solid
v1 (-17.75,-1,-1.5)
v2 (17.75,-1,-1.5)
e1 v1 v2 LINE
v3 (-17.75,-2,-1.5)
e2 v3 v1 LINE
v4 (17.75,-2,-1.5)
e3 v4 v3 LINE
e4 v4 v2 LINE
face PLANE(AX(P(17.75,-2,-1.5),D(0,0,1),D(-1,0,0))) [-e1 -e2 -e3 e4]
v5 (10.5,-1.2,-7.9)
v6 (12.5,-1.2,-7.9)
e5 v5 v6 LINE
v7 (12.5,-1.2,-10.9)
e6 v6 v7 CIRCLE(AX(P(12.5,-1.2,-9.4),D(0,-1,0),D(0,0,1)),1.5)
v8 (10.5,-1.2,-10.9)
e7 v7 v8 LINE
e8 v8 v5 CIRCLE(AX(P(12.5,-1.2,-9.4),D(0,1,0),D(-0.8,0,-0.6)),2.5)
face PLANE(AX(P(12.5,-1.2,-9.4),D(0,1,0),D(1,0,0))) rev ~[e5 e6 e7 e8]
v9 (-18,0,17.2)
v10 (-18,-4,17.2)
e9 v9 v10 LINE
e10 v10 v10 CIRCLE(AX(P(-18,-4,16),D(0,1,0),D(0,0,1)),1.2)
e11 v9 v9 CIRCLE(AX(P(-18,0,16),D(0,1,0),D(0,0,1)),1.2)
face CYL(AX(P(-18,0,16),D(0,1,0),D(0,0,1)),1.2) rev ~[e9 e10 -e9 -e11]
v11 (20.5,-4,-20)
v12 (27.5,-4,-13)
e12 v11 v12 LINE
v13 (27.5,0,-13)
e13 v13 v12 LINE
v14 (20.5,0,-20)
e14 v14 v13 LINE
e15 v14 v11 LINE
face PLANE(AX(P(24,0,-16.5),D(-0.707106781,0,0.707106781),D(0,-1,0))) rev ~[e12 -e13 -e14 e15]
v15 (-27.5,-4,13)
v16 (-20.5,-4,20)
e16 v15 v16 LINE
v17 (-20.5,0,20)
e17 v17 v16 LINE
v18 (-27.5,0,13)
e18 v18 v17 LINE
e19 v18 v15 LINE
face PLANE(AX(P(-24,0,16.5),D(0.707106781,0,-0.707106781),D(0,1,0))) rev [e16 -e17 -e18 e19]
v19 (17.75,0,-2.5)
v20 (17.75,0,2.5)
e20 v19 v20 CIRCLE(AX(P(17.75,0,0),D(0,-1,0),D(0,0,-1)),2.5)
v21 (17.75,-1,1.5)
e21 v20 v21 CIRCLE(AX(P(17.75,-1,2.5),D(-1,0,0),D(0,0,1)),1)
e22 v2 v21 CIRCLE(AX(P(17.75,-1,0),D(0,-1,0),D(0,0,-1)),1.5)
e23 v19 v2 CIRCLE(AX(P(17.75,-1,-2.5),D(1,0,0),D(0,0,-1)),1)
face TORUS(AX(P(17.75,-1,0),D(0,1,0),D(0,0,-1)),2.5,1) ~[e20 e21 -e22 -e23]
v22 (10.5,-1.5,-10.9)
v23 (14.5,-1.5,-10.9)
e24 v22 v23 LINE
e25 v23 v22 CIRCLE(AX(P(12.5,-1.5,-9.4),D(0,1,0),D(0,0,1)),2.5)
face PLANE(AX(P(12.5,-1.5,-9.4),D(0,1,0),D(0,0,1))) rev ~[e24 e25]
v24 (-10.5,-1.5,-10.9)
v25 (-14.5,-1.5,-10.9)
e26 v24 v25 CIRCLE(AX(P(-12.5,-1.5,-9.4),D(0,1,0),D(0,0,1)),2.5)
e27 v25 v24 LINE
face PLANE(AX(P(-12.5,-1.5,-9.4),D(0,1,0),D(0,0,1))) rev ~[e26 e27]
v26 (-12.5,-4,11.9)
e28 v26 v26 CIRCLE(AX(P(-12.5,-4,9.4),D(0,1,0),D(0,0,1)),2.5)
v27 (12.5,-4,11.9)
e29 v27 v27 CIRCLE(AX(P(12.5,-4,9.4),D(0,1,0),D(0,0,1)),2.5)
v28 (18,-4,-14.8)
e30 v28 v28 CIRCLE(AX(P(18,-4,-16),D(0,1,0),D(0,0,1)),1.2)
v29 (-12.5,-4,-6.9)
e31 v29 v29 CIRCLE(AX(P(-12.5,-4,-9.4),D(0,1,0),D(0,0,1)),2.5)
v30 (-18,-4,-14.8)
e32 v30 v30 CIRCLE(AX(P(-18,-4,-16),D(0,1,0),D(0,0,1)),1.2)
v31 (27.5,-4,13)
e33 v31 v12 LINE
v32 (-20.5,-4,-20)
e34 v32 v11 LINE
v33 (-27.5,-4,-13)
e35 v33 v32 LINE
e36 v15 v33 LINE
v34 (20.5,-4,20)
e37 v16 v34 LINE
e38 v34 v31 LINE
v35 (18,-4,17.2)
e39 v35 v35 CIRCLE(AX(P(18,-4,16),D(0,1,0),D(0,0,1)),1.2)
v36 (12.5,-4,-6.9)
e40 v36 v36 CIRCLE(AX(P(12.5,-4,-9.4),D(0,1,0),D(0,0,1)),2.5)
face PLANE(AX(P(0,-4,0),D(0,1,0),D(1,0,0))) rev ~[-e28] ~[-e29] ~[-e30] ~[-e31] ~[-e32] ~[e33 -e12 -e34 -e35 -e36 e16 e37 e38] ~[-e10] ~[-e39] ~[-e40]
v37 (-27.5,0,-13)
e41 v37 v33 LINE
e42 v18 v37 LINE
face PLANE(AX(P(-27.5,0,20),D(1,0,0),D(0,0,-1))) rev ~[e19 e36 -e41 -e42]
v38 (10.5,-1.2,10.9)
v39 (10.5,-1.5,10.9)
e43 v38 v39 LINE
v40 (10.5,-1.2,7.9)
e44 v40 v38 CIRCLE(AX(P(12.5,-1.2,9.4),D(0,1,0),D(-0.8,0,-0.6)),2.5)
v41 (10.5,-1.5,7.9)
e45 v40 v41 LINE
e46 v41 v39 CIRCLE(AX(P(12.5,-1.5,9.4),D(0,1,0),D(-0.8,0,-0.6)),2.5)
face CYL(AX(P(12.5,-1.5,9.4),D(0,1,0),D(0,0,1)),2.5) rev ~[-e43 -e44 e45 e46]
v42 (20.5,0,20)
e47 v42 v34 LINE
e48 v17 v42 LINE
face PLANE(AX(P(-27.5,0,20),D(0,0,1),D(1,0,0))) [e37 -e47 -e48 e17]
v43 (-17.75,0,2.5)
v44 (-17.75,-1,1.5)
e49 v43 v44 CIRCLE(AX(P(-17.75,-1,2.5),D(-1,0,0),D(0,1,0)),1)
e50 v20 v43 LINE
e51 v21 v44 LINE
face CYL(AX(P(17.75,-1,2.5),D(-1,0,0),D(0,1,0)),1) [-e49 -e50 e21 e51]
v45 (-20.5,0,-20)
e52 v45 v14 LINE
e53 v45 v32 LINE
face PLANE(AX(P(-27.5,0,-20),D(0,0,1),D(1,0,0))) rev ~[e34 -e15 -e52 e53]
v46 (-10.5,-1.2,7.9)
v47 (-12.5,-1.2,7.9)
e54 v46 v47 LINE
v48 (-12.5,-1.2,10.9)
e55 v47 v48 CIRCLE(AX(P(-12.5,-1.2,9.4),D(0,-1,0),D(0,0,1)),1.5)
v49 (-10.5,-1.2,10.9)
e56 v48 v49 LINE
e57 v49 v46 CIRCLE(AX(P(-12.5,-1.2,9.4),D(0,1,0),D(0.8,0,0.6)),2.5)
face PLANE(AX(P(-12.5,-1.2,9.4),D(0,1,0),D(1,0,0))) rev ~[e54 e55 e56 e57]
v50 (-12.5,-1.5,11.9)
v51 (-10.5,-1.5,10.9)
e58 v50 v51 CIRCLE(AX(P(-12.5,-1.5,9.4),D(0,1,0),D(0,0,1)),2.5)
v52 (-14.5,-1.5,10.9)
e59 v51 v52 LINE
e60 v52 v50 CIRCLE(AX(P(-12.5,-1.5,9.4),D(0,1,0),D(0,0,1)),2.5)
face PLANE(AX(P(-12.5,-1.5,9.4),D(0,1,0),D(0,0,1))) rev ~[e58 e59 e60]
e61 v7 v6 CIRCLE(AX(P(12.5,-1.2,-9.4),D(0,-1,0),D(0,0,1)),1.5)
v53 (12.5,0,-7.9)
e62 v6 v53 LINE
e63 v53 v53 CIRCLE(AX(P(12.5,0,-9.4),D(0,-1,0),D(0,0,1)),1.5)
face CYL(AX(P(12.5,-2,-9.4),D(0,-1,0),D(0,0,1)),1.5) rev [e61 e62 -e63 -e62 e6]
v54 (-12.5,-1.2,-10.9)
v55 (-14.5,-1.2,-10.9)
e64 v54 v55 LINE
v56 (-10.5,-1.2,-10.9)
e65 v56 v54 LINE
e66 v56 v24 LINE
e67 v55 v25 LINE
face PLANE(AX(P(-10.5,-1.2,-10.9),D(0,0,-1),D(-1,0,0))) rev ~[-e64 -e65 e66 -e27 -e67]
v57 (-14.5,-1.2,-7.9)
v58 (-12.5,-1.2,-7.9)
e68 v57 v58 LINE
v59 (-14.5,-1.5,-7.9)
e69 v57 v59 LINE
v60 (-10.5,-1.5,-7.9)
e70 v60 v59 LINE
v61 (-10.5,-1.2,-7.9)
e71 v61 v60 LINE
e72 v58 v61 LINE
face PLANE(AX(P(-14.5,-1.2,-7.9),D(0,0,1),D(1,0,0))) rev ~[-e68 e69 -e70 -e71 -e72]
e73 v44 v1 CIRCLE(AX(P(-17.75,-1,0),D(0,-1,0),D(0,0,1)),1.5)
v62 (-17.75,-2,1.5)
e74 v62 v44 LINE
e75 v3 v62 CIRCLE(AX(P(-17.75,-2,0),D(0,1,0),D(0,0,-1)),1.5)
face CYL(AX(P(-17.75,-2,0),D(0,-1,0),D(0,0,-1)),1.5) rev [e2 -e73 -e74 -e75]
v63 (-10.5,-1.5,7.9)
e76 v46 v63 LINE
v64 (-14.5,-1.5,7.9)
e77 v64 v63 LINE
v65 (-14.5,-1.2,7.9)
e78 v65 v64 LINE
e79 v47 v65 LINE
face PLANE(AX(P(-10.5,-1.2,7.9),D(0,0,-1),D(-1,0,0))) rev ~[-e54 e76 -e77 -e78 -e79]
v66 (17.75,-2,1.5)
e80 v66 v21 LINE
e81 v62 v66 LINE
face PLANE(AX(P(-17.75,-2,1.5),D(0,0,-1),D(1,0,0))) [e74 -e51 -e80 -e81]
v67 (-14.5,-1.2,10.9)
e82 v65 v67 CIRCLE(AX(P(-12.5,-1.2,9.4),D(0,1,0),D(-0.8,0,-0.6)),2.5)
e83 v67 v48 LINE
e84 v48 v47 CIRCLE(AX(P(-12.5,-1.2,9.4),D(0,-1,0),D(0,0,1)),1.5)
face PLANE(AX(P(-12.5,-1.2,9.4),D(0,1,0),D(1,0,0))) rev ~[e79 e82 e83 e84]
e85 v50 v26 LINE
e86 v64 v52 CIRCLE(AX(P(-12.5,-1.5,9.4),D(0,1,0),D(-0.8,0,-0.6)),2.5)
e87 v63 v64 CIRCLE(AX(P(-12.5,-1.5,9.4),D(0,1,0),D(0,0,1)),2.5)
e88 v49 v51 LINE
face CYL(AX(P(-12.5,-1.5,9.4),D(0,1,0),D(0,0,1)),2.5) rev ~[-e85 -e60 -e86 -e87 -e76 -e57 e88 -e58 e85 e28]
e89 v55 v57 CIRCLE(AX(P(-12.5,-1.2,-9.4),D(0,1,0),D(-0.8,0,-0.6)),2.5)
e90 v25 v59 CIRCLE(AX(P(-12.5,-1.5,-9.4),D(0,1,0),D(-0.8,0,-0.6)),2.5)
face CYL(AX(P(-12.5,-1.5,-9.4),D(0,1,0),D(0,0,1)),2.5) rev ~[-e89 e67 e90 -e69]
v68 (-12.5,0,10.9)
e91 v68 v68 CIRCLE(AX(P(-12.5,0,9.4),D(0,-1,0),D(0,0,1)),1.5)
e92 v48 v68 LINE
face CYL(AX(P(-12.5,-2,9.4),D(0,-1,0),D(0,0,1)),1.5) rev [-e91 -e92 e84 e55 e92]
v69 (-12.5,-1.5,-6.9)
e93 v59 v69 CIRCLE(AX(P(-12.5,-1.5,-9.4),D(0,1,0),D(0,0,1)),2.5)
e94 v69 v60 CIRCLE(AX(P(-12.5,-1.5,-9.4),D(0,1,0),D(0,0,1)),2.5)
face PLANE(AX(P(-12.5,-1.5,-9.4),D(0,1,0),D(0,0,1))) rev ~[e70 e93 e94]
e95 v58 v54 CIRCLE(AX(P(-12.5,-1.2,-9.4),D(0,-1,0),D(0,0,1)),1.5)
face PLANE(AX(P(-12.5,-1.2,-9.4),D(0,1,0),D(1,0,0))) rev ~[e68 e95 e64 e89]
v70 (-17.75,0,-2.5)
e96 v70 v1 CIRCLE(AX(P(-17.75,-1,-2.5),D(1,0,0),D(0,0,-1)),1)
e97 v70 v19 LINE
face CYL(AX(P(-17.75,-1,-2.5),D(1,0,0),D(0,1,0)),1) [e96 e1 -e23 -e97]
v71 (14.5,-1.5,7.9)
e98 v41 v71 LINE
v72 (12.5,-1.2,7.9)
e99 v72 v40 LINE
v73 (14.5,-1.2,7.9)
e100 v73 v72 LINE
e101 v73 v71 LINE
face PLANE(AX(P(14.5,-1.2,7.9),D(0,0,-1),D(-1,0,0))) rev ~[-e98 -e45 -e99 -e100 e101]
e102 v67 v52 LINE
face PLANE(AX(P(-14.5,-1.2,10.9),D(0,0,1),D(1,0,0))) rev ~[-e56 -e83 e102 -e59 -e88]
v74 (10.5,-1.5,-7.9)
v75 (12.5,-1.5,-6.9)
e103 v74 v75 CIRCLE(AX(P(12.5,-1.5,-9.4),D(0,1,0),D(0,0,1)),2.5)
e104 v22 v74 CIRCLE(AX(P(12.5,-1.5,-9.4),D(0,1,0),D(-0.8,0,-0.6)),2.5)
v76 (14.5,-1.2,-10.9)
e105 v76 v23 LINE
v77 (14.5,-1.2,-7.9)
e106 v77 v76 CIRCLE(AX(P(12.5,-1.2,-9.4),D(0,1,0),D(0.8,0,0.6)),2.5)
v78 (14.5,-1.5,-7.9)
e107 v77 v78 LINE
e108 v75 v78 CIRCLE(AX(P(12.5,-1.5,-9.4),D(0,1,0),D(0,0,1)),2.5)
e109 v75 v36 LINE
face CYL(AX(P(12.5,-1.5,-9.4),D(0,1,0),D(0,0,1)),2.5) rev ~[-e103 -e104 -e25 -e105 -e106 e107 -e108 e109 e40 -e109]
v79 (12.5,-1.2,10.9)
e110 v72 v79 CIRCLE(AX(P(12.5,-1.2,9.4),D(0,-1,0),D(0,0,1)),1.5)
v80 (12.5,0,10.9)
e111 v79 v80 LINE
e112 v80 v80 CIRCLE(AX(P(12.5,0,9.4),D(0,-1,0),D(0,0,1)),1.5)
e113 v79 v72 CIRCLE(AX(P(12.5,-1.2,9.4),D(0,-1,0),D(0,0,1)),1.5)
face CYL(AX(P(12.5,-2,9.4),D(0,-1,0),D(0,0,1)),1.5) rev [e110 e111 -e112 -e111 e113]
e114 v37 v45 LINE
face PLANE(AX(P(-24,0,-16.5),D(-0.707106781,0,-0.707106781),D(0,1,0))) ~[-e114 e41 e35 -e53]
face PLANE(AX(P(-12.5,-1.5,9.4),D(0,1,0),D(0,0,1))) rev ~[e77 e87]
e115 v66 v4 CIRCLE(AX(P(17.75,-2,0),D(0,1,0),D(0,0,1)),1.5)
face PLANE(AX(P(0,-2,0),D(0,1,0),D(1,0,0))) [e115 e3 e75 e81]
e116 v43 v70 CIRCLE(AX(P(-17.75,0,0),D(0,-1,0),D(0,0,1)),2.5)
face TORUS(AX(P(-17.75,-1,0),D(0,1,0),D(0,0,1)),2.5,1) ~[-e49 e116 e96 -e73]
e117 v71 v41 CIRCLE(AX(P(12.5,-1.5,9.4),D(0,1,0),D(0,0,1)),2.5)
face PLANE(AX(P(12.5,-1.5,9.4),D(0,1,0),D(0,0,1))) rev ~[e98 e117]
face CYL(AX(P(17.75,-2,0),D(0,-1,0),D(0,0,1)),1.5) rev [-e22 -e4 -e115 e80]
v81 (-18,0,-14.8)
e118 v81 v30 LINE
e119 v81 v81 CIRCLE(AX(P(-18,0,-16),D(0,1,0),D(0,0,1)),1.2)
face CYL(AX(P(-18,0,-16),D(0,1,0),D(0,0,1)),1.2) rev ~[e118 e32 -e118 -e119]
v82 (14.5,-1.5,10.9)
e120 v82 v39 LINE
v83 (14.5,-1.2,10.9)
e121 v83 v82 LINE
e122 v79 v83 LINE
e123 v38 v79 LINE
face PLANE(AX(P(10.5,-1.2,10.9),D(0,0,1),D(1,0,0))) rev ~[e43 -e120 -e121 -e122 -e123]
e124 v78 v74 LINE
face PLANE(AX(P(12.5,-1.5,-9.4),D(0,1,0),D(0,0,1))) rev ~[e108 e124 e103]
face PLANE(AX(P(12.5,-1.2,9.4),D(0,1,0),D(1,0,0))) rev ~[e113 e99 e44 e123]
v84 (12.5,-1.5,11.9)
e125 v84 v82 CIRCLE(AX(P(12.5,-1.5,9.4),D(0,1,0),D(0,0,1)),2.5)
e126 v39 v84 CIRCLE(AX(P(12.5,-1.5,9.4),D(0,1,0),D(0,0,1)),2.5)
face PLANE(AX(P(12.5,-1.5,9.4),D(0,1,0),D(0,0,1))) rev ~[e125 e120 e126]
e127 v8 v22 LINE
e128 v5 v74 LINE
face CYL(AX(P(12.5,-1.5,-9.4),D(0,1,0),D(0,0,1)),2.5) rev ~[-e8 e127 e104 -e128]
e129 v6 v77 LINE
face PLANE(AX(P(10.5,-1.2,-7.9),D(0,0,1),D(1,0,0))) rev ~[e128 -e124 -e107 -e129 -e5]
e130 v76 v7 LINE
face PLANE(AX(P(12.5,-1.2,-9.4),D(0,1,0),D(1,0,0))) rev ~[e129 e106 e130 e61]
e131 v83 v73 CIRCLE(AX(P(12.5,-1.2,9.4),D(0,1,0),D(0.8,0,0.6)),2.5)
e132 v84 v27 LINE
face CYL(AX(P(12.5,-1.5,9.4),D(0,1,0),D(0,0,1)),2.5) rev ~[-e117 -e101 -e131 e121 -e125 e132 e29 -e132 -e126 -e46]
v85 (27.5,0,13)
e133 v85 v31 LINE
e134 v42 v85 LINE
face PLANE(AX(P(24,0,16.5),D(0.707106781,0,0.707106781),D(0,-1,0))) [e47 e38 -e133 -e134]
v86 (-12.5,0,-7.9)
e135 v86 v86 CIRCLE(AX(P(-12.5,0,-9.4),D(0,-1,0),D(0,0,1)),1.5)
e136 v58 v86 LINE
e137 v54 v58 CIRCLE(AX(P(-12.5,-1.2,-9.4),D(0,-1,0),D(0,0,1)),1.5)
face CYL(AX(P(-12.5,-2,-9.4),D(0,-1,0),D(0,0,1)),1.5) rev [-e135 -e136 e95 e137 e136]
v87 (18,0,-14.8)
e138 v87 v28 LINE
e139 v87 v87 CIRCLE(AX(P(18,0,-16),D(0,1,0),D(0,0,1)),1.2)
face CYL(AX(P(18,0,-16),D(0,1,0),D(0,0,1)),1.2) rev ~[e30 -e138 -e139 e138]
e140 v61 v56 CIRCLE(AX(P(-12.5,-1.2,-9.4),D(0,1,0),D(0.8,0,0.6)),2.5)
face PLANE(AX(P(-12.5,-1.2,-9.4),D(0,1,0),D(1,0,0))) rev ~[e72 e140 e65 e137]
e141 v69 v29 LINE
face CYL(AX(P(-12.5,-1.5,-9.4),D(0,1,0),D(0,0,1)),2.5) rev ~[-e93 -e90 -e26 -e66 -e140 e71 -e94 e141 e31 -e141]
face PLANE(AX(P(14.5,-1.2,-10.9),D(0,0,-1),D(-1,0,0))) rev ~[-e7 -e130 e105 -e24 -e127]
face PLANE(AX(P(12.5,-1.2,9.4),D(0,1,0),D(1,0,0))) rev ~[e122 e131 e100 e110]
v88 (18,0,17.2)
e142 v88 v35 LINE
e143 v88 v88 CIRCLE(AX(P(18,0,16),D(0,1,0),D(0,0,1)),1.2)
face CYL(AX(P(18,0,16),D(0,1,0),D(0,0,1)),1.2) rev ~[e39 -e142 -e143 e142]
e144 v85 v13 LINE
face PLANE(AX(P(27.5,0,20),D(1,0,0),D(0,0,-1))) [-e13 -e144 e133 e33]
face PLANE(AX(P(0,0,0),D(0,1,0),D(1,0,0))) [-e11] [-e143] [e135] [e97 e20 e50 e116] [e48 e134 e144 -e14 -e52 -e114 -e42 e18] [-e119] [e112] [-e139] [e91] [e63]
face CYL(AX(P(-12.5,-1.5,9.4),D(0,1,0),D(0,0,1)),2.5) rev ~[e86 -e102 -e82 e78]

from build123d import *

# Parameters (mm, degrees)
SKETCH2_W           = 55
SKETCH2_H           = 40
SKETCH2_R           = 1.2
BOSS_EXTRUDE1_DEPTH = 4
CHAMFER1_SIZE       = 7
SKETCH3_R           = 1.5
CUT_EXTRUDE1_DEPTH  = 35.062442661
FILLET1_R           = 1
CUT_EXTRUDE2_START  = 0.5
SKETCH4_R           = 2.5
CUT_EXTRUDE2_DEPTH  = 35.562442661
CUT_EXTRUDE6_START  = 0.3
CUT_EXTRUDE6_DEPTH  = 0.3


with BuildPart() as part:
    # Sketch2 → Boss-Extrude1 (new body)
    with BuildSketch(Plane(origin=(0, 0, 0), x_dir=(1, 0, 0), z_dir=(0, 1, 0))):
        Rectangle(SKETCH2_W, SKETCH2_H)
        with Locations(Location((-18, -16, 0), (0, 0, 270))):
            Circle(SKETCH2_R, mode=Mode.SUBTRACT)
        with Locations(Location((18, -16, 0), (0, 0, 270))):
            Circle(SKETCH2_R, mode=Mode.SUBTRACT)
        with Locations(Location((-18, 16, 0), (0, 0, 270))):
            Circle(SKETCH2_R, mode=Mode.SUBTRACT)
        with Locations(Location((18, 16, 0), (0, 0, 270))):
            Circle(SKETCH2_R, mode=Mode.SUBTRACT)
    extrude(amount=-BOSS_EXTRUDE1_DEPTH)

    # Chamfer1
    chamfer1_edges = [part.edges().sort_by_distance(p)[0] for p in [
        (27.5, -2, 20),
        (-27.5, -2, 20),
        (-27.5, -2, -20),
        (27.5, -2, -20),
    ]]
    chamfer(chamfer1_edges, length=CHAMFER1_SIZE)

    # Sketch3 → Cut-Extrude1 (cut, through all)
    with BuildSketch(Plane(origin=(0, -2, 0), x_dir=(1, 0, 0), z_dir=(0, 1, 0))):
        with Locations(Location((12.5, 9.4, 0), (0, 0, 270))):
            Circle(SKETCH3_R)
        with Locations(Location((-12.5, 9.4, 0), (0, 0, 270))):
            Circle(SKETCH3_R)
        with Locations(Location((-12.5, -9.4, 0), (0, 0, 270))):
            Circle(SKETCH3_R)
        with Locations(Location((12.5, -9.4, 0), (0, 0, 270))):
            Circle(SKETCH3_R)
        with BuildLine():
            Line((17.75, 1.5), (-17.75, 1.5))
            ThreePointArc((-17.75, 1.5), (-19.25, 0), (-17.75, -1.5))
            Line((-17.75, -1.5), (17.75, -1.5))
            ThreePointArc((17.75, -1.5), (19.25, 0), (17.75, 1.5))
        make_face()
    extrude(amount=CUT_EXTRUDE1_DEPTH, mode=Mode.SUBTRACT)

    # Fillet1
    fillet1_edges = [part.edges().sort_by_distance(p)[0] for p in [
        (19.25, 0, 0),
        (0, 0, -1.5),
        (-19.25, 0, 0),
        (0, 0, 1.5),
    ]]
    fillet(fillet1_edges, radius=FILLET1_R)

    # Sketch4 → Cut-Extrude2 (cut, through all)
    with BuildSketch(Plane(origin=(0, -2, 0), x_dir=(1, 0, 0), z_dir=(0, 1, 0)).offset(CUT_EXTRUDE2_START)):
        with Locations(Location((-12.5, 9.4, 0), (0, 0, 270))):
            Circle(SKETCH4_R)
        with Locations(Location((12.5, 9.4, 0), (0, 0, 270))):
            Circle(SKETCH4_R)
        with Locations(Location((-12.5, -9.4, 0), (0, 0, 270))):
            Circle(SKETCH4_R)
        with Locations(Location((12.5, -9.4, 0), (0, 0, 270))):
            Circle(SKETCH4_R)
    extrude(amount=-CUT_EXTRUDE2_DEPTH, mode=Mode.SUBTRACT)

    # Sketch5 → Cut-Extrude6 (cut)
    with BuildSketch(Plane(origin=(0, -1.5, 0), x_dir=(1, 0, 0), z_dir=(0, 1, 0)).offset(CUT_EXTRUDE6_START)):
        with BuildLine():
            Line((-14.5, -10.9), (-10.5, -10.9))
            ThreePointArc((-10.5, -10.9), (-10, -9.4), (-10.5, -7.9))
            Line((-10.5, -7.9), (-14.5, -7.9))
            ThreePointArc((-14.5, -7.9), (-15, -9.4), (-14.5, -10.9))
        make_face()
        with BuildLine():
            Line((-14.5, 7.9), (-10.5, 7.9))
            ThreePointArc((-10.5, 7.9), (-10, 9.4), (-10.5, 10.9))
            Line((-10.5, 10.9), (-14.5, 10.9))
            ThreePointArc((-14.5, 10.9), (-15, 9.4), (-14.5, 7.9))
        make_face()
        with BuildLine():
            Line((10.5, -10.9), (14.5, -10.9))
            ThreePointArc((14.5, -10.9), (15, -9.4), (14.5, -7.9))
            Line((14.5, -7.9), (10.5, -7.9))
            ThreePointArc((10.5, -7.9), (10, -9.4), (10.5, -10.9))
        make_face()
        with BuildLine():
            Line((10.5, 7.9), (14.5, 7.9))
            ThreePointArc((14.5, 7.9), (15, 9.4), (14.5, 10.9))
            Line((14.5, 10.9), (10.5, 10.9))
            ThreePointArc((10.5, 10.9), (10, 9.4), (10.5, 7.9))
        make_face()
    extrude(amount=-CUT_EXTRUDE6_DEPTH, mode=Mode.SUBTRACT)


solid = part.part
